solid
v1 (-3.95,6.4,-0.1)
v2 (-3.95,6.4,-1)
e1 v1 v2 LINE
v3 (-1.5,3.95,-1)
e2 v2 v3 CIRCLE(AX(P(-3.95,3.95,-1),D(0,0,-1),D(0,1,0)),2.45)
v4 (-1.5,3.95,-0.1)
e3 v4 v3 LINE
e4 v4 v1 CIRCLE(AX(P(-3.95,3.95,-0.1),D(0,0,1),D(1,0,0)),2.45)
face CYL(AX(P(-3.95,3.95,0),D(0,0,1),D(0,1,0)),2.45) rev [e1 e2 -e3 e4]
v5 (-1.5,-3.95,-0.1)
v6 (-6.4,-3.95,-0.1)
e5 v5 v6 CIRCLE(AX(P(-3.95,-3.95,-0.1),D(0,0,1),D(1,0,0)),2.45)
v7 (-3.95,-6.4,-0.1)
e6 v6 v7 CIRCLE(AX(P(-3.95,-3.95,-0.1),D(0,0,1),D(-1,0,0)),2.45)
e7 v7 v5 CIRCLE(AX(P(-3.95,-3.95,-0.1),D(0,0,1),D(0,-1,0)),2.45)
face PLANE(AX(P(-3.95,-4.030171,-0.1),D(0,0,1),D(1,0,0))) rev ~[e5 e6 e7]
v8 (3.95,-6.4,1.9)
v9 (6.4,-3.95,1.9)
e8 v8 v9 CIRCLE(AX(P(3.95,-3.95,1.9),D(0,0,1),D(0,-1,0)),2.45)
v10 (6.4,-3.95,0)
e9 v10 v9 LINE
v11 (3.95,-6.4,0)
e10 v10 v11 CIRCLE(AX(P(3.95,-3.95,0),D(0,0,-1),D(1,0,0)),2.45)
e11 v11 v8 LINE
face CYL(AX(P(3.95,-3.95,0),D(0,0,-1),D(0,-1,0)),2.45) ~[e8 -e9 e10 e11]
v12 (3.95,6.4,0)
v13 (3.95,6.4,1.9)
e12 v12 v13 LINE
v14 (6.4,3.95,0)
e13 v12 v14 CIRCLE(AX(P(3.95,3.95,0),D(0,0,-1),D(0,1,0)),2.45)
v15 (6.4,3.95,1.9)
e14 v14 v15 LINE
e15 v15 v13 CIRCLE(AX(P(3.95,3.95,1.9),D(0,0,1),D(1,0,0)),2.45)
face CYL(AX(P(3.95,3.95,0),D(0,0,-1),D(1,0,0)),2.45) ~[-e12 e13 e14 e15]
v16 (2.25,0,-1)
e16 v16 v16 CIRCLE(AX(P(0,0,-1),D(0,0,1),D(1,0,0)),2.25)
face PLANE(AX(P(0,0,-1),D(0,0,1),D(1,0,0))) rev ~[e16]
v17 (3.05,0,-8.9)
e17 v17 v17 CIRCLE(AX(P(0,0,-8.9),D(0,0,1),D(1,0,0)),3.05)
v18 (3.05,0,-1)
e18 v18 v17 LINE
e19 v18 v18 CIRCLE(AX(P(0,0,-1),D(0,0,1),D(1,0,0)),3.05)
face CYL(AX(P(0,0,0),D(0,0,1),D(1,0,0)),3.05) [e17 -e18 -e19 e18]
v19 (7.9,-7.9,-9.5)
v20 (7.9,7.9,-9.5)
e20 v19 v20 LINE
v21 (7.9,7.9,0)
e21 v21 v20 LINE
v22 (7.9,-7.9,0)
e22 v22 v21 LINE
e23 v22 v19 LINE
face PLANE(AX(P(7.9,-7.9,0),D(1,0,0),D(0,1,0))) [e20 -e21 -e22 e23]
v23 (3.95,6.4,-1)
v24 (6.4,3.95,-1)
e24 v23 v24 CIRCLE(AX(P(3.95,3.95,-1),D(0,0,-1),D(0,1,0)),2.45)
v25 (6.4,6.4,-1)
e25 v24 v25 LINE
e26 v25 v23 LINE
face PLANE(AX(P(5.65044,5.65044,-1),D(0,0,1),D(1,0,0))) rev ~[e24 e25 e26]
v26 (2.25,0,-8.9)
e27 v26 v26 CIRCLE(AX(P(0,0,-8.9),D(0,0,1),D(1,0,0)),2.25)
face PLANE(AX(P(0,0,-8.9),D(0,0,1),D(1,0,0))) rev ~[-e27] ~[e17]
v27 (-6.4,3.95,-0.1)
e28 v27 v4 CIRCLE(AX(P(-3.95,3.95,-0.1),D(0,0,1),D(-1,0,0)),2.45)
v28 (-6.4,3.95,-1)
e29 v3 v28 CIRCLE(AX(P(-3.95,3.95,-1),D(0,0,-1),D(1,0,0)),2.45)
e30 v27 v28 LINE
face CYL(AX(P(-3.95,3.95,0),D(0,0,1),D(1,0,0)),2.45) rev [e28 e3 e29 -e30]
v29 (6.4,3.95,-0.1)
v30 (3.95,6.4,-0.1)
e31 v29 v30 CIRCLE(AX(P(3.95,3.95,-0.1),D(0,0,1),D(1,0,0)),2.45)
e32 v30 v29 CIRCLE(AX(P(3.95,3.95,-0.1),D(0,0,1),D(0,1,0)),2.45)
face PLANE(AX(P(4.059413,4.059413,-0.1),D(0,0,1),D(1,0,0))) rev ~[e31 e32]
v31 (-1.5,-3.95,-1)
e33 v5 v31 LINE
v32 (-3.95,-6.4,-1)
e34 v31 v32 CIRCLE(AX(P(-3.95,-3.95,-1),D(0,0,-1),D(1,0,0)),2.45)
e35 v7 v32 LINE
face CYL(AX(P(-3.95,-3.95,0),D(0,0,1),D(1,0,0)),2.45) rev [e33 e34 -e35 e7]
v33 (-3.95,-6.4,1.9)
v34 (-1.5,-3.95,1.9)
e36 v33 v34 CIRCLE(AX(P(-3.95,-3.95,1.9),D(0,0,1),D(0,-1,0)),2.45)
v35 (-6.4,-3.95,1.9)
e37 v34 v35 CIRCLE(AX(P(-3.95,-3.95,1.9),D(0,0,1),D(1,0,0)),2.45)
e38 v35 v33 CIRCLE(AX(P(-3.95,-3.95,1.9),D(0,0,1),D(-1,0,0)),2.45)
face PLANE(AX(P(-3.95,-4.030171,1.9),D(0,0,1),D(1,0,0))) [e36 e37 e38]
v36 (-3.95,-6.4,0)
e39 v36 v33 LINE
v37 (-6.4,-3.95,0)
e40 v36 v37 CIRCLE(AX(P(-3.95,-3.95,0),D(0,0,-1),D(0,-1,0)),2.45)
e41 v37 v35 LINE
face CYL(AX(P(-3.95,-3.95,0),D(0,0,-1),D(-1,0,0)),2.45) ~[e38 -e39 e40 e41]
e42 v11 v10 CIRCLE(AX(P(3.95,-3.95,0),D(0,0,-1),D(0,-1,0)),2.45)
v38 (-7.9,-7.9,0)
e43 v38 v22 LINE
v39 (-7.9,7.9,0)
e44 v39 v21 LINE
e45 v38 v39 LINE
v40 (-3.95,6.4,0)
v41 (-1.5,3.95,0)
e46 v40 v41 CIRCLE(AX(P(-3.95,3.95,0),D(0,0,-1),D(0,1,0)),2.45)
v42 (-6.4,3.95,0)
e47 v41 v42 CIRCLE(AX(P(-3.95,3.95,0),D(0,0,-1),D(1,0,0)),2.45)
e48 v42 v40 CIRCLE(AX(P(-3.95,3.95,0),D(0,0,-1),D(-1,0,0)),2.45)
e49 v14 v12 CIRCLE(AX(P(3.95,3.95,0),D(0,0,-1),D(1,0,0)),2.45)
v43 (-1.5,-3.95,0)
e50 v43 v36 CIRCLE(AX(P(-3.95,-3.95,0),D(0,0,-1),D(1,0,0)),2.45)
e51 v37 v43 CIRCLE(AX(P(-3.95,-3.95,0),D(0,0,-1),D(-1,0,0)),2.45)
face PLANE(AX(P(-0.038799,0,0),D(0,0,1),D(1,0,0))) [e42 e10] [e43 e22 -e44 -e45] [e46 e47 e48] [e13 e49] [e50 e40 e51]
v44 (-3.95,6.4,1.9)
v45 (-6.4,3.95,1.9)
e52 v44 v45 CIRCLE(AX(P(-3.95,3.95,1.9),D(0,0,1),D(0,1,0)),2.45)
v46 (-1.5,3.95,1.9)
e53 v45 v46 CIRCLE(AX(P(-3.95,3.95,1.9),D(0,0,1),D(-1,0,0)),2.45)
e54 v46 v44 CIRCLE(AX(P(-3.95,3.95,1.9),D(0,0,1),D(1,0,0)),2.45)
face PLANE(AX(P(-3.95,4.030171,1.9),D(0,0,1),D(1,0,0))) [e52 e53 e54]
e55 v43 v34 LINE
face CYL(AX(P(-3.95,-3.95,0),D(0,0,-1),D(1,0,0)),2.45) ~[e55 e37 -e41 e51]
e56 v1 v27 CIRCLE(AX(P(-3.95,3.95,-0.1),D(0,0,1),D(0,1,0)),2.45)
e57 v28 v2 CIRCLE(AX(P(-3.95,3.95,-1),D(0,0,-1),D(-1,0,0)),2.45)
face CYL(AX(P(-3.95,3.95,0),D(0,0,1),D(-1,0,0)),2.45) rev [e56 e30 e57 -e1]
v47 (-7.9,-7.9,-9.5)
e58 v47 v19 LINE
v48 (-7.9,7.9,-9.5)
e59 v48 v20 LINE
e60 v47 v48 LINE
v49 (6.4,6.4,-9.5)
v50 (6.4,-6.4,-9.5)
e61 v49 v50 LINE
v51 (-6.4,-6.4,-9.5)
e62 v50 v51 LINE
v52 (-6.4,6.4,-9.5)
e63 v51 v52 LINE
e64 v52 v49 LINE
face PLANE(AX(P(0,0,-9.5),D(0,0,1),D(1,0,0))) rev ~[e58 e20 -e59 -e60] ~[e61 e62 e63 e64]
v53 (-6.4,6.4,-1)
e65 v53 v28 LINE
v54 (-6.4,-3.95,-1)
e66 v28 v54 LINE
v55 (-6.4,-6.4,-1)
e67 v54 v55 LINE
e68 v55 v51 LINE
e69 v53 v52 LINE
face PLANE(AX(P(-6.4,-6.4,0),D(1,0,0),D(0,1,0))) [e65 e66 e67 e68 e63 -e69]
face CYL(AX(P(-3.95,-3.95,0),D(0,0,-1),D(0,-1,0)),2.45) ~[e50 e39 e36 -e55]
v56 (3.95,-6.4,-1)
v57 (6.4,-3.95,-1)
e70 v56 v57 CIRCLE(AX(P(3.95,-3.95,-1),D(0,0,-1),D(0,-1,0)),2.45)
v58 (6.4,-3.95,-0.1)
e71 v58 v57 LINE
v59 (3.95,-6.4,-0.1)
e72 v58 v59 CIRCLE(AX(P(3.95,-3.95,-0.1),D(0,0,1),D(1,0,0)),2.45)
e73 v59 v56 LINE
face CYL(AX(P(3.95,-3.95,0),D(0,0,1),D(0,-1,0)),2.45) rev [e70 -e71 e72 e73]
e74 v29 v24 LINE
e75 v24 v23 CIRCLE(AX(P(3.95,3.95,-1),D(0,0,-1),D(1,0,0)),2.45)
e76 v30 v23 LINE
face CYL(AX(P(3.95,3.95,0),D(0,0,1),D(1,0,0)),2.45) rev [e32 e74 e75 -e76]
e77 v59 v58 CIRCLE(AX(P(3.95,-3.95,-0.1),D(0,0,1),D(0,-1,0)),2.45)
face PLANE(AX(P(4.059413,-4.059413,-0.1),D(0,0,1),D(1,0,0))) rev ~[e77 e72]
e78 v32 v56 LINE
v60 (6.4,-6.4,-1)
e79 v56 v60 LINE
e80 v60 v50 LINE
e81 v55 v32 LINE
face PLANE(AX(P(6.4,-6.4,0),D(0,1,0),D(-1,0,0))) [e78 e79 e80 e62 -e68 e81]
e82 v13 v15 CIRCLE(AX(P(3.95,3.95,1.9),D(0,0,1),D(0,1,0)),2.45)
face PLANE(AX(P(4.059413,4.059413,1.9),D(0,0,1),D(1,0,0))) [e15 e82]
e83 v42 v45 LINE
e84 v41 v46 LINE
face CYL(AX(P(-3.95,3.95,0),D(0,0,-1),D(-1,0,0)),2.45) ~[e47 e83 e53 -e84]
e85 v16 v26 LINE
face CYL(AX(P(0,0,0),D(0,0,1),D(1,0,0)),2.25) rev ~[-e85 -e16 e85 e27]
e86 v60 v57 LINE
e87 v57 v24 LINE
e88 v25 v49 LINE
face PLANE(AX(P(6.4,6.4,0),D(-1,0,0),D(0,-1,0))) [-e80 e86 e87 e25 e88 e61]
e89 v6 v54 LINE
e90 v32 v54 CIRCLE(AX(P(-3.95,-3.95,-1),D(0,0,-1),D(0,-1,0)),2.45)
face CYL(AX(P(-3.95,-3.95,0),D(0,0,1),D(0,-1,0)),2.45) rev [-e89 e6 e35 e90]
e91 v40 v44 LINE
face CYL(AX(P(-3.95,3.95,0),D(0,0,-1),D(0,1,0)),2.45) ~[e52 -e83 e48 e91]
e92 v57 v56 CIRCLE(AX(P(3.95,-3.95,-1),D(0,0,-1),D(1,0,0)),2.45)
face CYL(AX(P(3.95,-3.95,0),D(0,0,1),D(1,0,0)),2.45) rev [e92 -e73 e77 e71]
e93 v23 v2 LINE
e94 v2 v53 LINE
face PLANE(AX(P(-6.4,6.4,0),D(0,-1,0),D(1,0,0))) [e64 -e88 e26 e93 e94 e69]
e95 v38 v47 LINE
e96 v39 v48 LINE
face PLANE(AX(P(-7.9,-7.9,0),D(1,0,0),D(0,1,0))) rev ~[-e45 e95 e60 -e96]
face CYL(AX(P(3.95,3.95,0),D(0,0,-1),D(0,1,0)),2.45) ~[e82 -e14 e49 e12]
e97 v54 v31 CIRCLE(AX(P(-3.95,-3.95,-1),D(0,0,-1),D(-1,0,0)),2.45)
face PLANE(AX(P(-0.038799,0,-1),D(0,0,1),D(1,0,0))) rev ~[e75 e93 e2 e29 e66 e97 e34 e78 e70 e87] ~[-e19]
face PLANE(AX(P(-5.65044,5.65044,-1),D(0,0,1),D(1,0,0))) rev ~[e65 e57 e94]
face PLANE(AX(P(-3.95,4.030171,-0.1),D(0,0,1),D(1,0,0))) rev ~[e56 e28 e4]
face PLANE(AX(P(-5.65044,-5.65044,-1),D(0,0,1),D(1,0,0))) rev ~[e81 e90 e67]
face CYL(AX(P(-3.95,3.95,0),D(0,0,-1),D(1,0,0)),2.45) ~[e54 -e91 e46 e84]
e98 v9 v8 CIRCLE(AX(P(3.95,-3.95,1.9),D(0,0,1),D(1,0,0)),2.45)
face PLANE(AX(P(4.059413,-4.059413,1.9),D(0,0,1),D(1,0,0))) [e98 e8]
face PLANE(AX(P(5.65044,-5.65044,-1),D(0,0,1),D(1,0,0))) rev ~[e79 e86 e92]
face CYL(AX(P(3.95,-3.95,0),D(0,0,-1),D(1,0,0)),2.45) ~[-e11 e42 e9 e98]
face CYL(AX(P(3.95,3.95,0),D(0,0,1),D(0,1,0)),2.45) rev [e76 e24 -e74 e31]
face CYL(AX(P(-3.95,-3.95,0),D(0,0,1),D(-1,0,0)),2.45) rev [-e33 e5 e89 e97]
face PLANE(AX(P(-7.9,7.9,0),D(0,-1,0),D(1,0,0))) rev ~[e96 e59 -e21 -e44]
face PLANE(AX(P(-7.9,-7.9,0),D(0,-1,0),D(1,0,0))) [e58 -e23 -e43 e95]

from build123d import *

# Parameters (mm, degrees)
F0_W          = 15.8
F0_H          = 15.8
F1_DEPTH      = 9.5
F0_R          = 3.05
F2_DEPTH      = 1
F0_R_2        = 2.25
F3_DEPTH      = 1.9
F3_DEPTH_BACK = 0.1
F4_DEPTH      = 8.9


with BuildPart() as f1:
    # F0 (on Top) → F1 (new body)
    with BuildSketch(Plane.XY):
        Rectangle(F0_W, F0_H)
        Polygon((3.95, 6.4), (6.4, 6.4), (6.4, 3.95), (6.4, -3.95), (6.4, -6.4), (3.95, -6.4), (-3.95, -6.4), (-6.4, -6.4), (-6.4, -3.95), (-6.4, 3.95), (-6.4, 6.4), (-3.95, 6.4), align=None, mode=Mode.SUBTRACT)
    extrude(amount=-F1_DEPTH)

    # F0 (on Top) → F2 (join)
    with BuildSketch(Plane.XY):
        with BuildLine():
            ThreePointArc((6.4, 3.95), (2.2175883861, 2.2175883861), (3.95, 6.4))
            Line((3.95, 6.4), (-3.95, 6.4))
            ThreePointArc((-3.95, 6.4), (-2.2175883861, 5.6824116139), (-1.5, 3.95))
            ThreePointArc((-1.5, 3.95), (-3.95, 1.5), (-6.4, 3.95))
            Line((-6.4, 3.95), (-6.4, -3.95))
            ThreePointArc((-6.4, -3.95), (-3.95, -1.5), (-1.5, -3.95))
            ThreePointArc((-1.5, -3.95), (-2.2175883861, -5.6824116139), (-3.95, -6.4))
            Line((-3.95, -6.4), (3.95, -6.4))
            ThreePointArc((3.95, -6.4), (2.2175883861, -2.2175883861), (6.4, -3.95))
            Line((6.4, -3.95), (6.4, 3.95))
        make_face()
        Circle(F0_R, mode=Mode.SUBTRACT)
        with BuildLine():
            ThreePointArc((-6.4, 3.95), (-5.6824116139, 5.6824116139), (-3.95, 6.4))
            Line((-3.95, 6.4), (-6.4, 6.4))
            Line((-6.4, 6.4), (-6.4, 3.95))
        make_face()
        with BuildLine():
            Line((6.4, 3.95), (6.4, 6.4))
            Line((6.4, 6.4), (3.95, 6.4))
            ThreePointArc((3.95, 6.4), (5.6824116139, 5.6824116139), (6.4, 3.95))
        make_face()
        with BuildLine():
            Line((6.4, -6.4), (6.4, -3.95))
            ThreePointArc((6.4, -3.95), (5.6824116139, -5.6824116139), (3.95, -6.4))
            Line((3.95, -6.4), (6.4, -6.4))
        make_face()
        with BuildLine():
            ThreePointArc((-3.95, -6.4), (-5.6824116139, -5.6824116139), (-6.4, -3.95))
            Line((-6.4, -3.95), (-6.4, -6.4))
            Line((-6.4, -6.4), (-3.95, -6.4))
        make_face()
    extrude(amount=-F2_DEPTH)

    # F0 (on Top) → F3 (join, two sides)
    with BuildSketch(Plane.XY) as f3_sk:
        with BuildLine():
            ThreePointArc((-1.5, -3.95), (-3.95, -1.5), (-6.4, -3.95))
            ThreePointArc((-6.4, -3.95), (-5.6824116139, -5.6824116139), (-3.95, -6.4))
            ThreePointArc((-3.95, -6.4), (-2.2175883861, -5.6824116139), (-1.5, -3.95))
        make_face()
        with BuildLine():
            ThreePointArc((-1.5, 3.95), (-2.2175883861, 5.6824116139), (-3.95, 6.4))
            ThreePointArc((-3.95, 6.4), (-5.6824116139, 5.6824116139), (-6.4, 3.95))
            ThreePointArc((-6.4, 3.95), (-3.95, 1.5), (-1.5, 3.95))
        make_face()
        with BuildLine():
            ThreePointArc((6.4, 3.95), (5.6824116139, 5.6824116139), (3.95, 6.4))
            ThreePointArc((3.95, 6.4), (2.2175883861, 2.2175883861), (6.4, 3.95))
        make_face()
        with BuildLine():
            ThreePointArc((3.95, -6.4), (5.6824116139, -5.6824116139), (6.4, -3.95))
            ThreePointArc((6.4, -3.95), (2.2175883861, -2.2175883861), (3.95, -6.4))
        make_face()
    extrude(amount=F3_DEPTH)
    extrude(f3_sk.sketch, amount=-F3_DEPTH_BACK)



with BuildPart() as f2:
    # F0 (on Top) → F2, piece 2 (new body)
    with BuildSketch(Plane.XY):
        Circle(F0_R_2)
    extrude(amount=-F2_DEPTH)


with BuildPart() as f1_1:
    add(f1.part)

    add(f2.part)  # F4 merges F2
    # F0 (on Top) → F4 (join)
    with BuildSketch(Plane.XY):
        Circle(F0_R)
        Circle(F0_R_2, mode=Mode.SUBTRACT)
    extrude(amount=-F4_DEPTH)


solid = f1_1.part
